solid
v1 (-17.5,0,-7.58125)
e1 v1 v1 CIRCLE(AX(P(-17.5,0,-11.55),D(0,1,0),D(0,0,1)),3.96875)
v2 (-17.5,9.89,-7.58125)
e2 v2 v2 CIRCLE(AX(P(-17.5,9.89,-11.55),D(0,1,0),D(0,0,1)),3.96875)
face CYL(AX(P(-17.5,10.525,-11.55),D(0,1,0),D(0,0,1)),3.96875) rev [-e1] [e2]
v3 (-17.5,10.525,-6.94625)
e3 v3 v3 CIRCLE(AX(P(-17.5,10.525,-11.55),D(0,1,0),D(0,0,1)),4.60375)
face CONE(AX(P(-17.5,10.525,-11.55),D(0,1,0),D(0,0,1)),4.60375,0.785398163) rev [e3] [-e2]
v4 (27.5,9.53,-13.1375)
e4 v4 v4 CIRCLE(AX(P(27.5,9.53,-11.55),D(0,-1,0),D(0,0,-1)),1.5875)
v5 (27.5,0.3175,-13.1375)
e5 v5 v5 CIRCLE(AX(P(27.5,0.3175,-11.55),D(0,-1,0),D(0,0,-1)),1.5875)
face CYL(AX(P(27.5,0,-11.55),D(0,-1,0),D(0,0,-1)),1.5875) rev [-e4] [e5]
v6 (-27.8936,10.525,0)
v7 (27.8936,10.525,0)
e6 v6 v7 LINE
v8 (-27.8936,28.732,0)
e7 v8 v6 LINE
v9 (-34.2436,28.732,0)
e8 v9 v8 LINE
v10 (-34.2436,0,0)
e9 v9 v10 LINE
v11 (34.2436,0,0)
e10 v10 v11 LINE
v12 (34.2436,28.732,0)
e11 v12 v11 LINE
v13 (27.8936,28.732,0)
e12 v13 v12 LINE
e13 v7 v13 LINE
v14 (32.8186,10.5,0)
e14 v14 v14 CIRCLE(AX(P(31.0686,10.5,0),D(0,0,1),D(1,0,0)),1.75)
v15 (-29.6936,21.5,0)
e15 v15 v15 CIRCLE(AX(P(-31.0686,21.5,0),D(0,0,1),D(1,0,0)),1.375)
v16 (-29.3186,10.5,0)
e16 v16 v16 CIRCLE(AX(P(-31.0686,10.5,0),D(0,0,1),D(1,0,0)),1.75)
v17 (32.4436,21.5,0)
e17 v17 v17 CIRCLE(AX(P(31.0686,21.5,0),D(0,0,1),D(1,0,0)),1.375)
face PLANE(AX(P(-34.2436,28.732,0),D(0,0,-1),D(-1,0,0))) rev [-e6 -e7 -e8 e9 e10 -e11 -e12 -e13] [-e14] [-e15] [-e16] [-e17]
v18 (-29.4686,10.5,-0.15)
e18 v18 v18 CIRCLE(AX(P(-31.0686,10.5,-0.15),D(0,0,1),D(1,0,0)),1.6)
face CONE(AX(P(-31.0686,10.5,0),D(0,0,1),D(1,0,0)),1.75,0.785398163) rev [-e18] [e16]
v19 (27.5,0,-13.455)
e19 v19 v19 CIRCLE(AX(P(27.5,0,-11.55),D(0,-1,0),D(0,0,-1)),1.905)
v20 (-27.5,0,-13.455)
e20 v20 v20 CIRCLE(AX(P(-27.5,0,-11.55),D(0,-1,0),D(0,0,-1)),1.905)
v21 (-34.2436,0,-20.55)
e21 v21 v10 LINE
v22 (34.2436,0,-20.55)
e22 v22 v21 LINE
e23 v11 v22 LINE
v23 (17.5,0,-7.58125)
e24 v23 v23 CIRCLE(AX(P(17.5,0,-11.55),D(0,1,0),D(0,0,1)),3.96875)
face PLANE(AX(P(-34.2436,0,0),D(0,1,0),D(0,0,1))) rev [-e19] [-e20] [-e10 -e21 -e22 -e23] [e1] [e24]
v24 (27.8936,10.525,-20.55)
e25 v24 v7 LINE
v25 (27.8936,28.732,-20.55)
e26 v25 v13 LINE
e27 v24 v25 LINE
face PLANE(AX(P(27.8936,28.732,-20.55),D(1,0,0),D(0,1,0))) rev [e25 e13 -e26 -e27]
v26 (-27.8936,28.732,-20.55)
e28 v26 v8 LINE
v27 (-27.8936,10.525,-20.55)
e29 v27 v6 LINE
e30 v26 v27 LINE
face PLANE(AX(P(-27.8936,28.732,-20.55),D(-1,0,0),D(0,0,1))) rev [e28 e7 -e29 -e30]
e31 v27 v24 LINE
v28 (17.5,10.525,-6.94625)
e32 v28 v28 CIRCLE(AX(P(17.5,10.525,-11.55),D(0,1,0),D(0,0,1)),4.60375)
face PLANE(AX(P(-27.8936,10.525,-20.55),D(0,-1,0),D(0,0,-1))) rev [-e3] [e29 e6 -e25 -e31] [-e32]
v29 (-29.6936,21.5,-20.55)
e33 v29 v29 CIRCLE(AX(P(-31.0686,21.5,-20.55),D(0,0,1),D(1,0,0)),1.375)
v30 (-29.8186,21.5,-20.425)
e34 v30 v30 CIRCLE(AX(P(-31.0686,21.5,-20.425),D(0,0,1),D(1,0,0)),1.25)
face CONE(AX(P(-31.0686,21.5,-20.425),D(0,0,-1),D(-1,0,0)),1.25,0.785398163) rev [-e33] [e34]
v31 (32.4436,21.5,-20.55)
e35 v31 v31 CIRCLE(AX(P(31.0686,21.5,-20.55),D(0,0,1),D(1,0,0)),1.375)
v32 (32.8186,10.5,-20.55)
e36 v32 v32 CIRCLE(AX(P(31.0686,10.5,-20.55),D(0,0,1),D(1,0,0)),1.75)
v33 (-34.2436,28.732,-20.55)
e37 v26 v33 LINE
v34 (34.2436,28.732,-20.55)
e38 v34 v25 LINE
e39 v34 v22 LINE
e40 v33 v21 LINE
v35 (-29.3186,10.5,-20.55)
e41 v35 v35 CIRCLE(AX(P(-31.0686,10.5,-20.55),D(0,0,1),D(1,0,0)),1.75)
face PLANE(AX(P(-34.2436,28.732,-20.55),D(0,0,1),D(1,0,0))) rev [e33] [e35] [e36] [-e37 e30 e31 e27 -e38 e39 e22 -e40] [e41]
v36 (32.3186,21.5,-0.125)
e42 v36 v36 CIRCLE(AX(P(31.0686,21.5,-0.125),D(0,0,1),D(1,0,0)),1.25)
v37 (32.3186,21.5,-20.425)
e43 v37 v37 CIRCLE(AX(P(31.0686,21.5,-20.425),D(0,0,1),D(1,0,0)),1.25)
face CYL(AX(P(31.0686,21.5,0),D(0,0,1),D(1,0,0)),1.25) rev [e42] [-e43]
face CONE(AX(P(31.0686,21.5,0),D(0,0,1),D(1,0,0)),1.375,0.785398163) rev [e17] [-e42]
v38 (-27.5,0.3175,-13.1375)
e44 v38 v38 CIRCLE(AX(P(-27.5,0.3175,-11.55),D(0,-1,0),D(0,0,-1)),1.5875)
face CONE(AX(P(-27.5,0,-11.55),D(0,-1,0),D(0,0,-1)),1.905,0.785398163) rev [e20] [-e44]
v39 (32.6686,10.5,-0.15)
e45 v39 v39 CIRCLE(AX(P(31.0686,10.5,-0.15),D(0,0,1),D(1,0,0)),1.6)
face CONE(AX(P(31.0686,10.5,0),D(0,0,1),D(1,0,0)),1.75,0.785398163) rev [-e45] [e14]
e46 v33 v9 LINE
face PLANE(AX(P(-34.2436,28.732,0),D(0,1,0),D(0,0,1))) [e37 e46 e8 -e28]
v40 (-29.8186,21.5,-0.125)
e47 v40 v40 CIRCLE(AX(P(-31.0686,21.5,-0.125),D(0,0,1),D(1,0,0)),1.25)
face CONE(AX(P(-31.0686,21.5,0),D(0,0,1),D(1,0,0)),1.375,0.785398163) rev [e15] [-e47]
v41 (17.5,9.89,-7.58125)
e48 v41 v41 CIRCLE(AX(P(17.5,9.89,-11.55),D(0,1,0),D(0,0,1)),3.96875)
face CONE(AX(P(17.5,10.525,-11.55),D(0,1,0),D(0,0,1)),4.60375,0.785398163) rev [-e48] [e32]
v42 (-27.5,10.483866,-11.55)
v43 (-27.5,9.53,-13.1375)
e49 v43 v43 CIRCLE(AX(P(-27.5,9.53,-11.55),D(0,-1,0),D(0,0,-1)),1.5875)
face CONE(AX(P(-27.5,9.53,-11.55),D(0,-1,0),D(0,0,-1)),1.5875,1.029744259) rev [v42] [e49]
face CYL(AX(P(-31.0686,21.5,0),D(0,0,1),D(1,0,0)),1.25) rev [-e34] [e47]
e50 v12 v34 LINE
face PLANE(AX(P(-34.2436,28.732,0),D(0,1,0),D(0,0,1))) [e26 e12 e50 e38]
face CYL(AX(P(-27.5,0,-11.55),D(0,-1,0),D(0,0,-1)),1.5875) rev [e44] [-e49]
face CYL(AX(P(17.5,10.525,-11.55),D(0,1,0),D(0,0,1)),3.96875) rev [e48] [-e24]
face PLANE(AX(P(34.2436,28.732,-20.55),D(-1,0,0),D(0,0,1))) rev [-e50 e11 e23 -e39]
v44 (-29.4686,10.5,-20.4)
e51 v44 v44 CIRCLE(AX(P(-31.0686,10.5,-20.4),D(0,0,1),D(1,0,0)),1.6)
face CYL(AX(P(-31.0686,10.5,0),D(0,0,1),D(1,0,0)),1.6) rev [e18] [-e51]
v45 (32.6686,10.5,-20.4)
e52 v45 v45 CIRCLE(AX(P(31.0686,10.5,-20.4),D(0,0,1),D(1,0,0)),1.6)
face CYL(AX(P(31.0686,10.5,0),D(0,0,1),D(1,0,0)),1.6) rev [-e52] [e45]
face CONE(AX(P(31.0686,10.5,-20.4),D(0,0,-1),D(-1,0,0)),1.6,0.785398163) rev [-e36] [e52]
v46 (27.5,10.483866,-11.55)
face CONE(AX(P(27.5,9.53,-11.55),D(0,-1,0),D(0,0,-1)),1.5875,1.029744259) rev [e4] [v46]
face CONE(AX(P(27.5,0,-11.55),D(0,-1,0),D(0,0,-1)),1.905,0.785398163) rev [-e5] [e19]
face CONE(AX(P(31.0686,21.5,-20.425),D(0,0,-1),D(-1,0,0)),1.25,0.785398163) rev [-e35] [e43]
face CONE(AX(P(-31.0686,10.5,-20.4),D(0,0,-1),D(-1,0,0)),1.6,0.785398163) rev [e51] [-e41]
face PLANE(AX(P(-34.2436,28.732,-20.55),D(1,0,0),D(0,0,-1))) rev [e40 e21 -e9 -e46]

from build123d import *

# Parameters (mm, degrees)
SKETCH1_W                                = 68.4872
SKETCH1_H                                = 20.55
BOSS_EXTRUDE1_DEPTH                      = 28.732
SKETCH2_W                                = 55.7872
SKETCH2_H                                = 18.207
CUT_EXTRUDE1_DEPTH                       = 21.55
F_2_5_2_5_DIAMETER_HOLE1_AT_2_COUNT      = 2
F_2_5_2_5_DIAMETER_HOLE1_AT_2_PITCH      = 62.1372
F_3_2_3_2_DIAMETER_HOLE1_AT_2_COUNT      = 2
F_3_2_3_2_DIAMETER_HOLE1_AT_2_PITCH      = 62.1372
F_5_16_0_3125_DIAMETER_HOLE1_D           = 7.9375
F_5_16_0_3125_DIAMETER_HOLE1_CSINK_D     = 9.2075
F_5_16_0_3125_DIAMETER_HOLE1_CSINK_ANGLE = 90
F_1_8_0_125_DIAMETER_HOLE1_D             = 3.175
F_1_8_0_125_DIAMETER_HOLE1_DEPTH         = 9.53
F_1_8_0_125_DIAMETER_HOLE1_CSINK_D       = 3.81
F_1_8_0_125_DIAMETER_HOLE1_CSINK_ANGLE   = 90
F_1_8_0_125_DIAMETER_HOLE1_TIP           = 0.953866233


with BuildPart() as part:
    # Sketch1 → Boss-Extrude1 (new body)
    with BuildSketch(Plane(origin=(0, 0, 0), x_dir=(1, 0, 0), z_dir=(0, 1, 0))):
        with Locations((0, 10.275)):
            Rectangle(SKETCH1_W, SKETCH1_H)
    extrude(amount=BOSS_EXTRUDE1_DEPTH)

    # Sketch2 → Cut-Extrude1 (cut, through all)
    with BuildSketch(Plane.XY):
        with Locations((0, 19.6285)):
            Rectangle(SKETCH2_W, SKETCH2_H)
    extrude(amount=-CUT_EXTRUDE1_DEPTH, mode=Mode.SUBTRACT)

    # Sketch5 → Ø2.5 (2.5) Diameter Hole1 (revolve, cut)
    with BuildSketch(Plane(origin=(-31.0686, 21.5, 0), x_dir=(0, -1, 0), z_dir=(1, 0, 0))):
        Polygon((0, 0), (0, 20.55), (1.375, 20.55), (1.25, 20.425), (1.25, 0.125), (1.375, 0), align=None)
    f_2_5_2_5_diameter_hole1 = revolve(axis=Axis((-31.0686, 21.5, 6.35), (0, 0, -1)), mode=Mode.SUBTRACT)

    # Ø2.5 (2.5) Diameter Hole1 at 2: Ø2.5 (2.5) Diameter Hole1 ×2
    with Locations(*[(i * F_2_5_2_5_DIAMETER_HOLE1_AT_2_PITCH, 0, 0) for i in range(1, F_2_5_2_5_DIAMETER_HOLE1_AT_2_COUNT)]):
        add(f_2_5_2_5_diameter_hole1, mode=Mode.SUBTRACT)

    # Sketch8 → Ø3.2 (3.2) Diameter Hole1 (revolve, cut)
    with BuildSketch(Plane(origin=(-31.0686, 10.5, 0), x_dir=(0, -1, 0), z_dir=(1, 0, 0))):
        Polygon((0, 0), (0, 20.55), (1.75, 20.55), (1.6, 20.4), (1.6, 0.15), (1.75, 0), align=None)
    f_3_2_3_2_diameter_hole1 = revolve(axis=Axis((-31.0686, 10.5, 6.35), (0, 0, -1)), mode=Mode.SUBTRACT)

    # Ø3.2 (3.2) Diameter Hole1 at 2: Ø3.2 (3.2) Diameter Hole1 ×2
    with Locations(*[(i * F_3_2_3_2_DIAMETER_HOLE1_AT_2_PITCH, 0, 0) for i in range(1, F_3_2_3_2_DIAMETER_HOLE1_AT_2_COUNT)]):
        add(f_3_2_3_2_diameter_hole1, mode=Mode.SUBTRACT)

    # 5/16 (0.3125) Diameter Hole1 (through all)
    with Locations(Plane(origin=(0, 10.525, 0), x_dir=(-1, 0, 0), z_dir=(0, 1, 0))):
        with Locations((17.5, -11.55), (-17.5, -11.55)):
            CounterSinkHole(F_5_16_0_3125_DIAMETER_HOLE1_D / 2, F_5_16_0_3125_DIAMETER_HOLE1_CSINK_D / 2, counter_sink_angle=F_5_16_0_3125_DIAMETER_HOLE1_CSINK_ANGLE)

    # 1/8 (0.125) Diameter Hole1
    with Locations(Plane.XZ):
        with Locations((27.5, -11.55), (-27.5, -11.55)):
            CounterSinkHole(F_1_8_0_125_DIAMETER_HOLE1_D / 2, F_1_8_0_125_DIAMETER_HOLE1_CSINK_D / 2, depth=F_1_8_0_125_DIAMETER_HOLE1_DEPTH, counter_sink_angle=F_1_8_0_125_DIAMETER_HOLE1_CSINK_ANGLE)
            with Locations((0, 0, -(F_1_8_0_125_DIAMETER_HOLE1_DEPTH + F_1_8_0_125_DIAMETER_HOLE1_TIP / 2))):  # 118° drill point
                Cone(0, F_1_8_0_125_DIAMETER_HOLE1_D / 2, F_1_8_0_125_DIAMETER_HOLE1_TIP, mode=Mode.SUBTRACT)


solid = part.part
